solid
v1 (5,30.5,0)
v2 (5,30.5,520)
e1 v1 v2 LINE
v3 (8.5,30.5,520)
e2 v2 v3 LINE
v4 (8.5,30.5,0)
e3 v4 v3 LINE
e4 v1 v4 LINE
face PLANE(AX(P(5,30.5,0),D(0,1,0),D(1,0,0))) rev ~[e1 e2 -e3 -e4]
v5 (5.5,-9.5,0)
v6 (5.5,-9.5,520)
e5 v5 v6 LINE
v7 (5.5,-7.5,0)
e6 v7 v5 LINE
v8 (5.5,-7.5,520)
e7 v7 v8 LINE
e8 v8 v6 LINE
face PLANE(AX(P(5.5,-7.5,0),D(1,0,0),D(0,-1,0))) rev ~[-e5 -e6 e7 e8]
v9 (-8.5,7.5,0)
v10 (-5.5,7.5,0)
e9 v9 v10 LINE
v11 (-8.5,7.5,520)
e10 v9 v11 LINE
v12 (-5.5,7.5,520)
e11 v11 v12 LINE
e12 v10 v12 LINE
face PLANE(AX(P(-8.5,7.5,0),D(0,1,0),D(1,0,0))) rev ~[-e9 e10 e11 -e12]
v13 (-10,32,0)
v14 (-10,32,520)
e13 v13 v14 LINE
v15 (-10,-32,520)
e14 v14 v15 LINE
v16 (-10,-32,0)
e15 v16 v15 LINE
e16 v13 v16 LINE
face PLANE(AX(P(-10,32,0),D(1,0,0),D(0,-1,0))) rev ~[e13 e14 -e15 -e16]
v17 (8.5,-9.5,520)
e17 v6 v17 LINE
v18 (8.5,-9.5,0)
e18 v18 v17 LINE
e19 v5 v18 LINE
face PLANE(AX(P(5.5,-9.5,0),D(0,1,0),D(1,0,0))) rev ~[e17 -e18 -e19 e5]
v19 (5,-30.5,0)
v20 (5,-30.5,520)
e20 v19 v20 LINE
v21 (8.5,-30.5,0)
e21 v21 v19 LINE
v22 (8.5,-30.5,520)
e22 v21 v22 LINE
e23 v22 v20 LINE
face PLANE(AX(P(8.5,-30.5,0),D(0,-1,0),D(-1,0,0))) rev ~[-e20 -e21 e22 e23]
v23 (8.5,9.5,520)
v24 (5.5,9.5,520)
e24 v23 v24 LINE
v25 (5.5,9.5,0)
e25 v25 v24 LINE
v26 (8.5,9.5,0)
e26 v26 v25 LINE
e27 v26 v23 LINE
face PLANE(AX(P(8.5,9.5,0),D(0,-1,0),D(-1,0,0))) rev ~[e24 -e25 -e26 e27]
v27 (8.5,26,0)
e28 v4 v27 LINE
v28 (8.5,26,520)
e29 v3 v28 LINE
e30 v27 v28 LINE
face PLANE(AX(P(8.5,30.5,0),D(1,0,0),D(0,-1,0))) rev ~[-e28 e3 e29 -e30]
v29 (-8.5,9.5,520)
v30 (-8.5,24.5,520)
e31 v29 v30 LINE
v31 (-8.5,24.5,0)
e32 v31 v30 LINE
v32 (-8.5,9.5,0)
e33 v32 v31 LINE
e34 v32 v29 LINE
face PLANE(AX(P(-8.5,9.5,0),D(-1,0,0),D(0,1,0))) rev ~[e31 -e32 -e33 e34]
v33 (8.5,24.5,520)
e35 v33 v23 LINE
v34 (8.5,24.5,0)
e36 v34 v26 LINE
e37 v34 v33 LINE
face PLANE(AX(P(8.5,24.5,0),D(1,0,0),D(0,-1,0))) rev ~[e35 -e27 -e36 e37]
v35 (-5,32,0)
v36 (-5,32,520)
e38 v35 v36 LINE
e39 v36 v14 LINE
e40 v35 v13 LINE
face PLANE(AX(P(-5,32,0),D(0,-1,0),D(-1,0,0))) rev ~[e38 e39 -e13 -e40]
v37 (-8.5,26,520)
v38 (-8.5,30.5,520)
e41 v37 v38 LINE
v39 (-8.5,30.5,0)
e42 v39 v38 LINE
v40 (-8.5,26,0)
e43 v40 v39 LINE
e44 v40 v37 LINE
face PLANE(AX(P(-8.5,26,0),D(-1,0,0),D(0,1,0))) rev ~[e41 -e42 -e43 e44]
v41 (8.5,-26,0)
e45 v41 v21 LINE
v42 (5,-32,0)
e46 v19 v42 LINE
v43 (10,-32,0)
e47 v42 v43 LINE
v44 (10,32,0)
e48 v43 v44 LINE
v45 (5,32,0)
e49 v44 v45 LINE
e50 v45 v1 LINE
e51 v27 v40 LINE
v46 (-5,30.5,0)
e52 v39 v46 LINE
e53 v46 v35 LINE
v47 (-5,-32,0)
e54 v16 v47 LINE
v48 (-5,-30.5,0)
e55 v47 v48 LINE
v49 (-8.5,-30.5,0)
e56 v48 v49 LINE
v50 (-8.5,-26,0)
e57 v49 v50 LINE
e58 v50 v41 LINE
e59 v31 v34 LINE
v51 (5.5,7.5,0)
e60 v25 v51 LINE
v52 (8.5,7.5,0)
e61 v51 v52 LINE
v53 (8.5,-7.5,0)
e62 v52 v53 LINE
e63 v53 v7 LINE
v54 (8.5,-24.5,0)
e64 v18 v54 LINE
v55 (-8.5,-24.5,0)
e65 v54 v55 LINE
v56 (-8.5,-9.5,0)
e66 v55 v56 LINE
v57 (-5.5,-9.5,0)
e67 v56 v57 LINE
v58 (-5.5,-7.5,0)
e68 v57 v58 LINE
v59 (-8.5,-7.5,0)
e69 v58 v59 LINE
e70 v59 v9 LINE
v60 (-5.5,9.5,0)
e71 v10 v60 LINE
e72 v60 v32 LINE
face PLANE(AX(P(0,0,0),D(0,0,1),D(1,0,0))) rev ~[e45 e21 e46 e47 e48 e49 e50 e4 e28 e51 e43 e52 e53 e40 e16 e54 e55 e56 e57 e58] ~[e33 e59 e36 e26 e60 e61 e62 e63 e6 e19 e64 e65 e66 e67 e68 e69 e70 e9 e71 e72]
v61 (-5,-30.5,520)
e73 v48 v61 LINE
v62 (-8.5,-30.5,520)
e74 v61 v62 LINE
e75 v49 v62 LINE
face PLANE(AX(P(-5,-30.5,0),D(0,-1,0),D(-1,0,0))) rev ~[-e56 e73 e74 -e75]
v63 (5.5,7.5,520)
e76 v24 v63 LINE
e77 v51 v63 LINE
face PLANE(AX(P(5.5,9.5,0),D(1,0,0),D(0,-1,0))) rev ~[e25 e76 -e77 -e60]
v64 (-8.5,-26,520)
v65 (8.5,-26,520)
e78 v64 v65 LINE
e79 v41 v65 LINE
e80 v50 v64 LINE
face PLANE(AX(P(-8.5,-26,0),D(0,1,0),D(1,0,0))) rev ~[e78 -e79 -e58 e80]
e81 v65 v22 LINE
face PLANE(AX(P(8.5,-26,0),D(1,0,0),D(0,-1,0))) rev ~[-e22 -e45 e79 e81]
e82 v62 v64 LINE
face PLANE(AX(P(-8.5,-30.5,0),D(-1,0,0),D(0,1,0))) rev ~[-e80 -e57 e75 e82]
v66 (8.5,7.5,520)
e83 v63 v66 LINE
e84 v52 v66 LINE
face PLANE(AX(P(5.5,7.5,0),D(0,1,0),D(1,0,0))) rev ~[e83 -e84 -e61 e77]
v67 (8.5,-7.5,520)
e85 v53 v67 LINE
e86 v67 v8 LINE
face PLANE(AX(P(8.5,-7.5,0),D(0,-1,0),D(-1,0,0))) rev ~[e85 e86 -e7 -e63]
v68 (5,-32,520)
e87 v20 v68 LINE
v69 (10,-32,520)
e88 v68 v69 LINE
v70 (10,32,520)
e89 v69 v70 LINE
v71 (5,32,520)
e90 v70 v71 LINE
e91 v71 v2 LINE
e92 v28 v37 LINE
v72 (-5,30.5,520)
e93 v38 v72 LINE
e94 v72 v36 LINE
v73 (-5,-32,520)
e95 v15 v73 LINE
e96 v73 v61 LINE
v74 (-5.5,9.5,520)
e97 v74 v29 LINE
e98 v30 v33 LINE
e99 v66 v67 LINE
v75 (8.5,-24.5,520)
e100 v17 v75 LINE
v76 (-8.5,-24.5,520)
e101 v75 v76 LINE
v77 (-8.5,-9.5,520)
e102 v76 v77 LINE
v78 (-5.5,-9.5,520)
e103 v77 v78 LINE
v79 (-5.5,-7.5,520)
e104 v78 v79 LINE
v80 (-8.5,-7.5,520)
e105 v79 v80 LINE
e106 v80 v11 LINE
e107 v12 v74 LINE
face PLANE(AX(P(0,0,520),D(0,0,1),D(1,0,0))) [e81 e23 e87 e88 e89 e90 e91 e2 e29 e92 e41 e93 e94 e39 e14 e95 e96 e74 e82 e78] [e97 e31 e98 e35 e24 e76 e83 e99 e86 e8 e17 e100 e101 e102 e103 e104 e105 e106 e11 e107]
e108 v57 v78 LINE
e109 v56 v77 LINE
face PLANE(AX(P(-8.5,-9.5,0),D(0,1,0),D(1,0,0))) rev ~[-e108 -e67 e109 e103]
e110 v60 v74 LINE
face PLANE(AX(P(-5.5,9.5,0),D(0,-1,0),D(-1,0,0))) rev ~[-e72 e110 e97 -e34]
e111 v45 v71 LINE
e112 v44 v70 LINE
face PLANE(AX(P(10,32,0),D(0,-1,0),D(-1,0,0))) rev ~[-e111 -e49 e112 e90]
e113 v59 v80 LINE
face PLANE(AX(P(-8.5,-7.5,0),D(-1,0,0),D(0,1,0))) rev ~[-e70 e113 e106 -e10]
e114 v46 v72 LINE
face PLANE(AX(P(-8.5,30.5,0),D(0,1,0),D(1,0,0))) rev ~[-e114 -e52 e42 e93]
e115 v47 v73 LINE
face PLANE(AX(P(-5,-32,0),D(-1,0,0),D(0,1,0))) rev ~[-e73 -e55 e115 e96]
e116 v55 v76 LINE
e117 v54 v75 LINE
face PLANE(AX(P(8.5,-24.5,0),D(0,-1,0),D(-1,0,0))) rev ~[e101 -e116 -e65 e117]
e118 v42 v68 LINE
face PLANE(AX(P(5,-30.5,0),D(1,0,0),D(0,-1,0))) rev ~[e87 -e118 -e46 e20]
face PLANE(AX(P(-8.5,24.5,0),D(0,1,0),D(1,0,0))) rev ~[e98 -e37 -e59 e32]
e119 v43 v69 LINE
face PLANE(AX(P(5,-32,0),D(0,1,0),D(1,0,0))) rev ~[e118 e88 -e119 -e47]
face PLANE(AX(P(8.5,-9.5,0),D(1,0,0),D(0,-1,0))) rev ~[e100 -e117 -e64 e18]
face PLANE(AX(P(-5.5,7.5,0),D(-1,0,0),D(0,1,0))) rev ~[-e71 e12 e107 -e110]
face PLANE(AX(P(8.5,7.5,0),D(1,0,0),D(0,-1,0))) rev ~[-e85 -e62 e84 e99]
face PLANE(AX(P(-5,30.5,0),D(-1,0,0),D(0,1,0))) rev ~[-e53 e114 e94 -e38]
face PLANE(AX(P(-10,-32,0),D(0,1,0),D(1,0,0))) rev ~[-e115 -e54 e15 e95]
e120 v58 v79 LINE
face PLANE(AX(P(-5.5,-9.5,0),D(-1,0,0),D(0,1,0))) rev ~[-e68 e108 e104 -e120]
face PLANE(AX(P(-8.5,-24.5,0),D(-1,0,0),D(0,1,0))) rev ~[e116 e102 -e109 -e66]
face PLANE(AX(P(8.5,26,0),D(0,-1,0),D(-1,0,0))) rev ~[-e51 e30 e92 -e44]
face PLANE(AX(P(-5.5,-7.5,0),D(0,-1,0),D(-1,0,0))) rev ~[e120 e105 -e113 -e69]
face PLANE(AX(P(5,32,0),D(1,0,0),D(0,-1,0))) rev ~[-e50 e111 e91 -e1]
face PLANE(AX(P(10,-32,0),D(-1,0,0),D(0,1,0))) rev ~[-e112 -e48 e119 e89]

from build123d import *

# Parameters (mm, degrees)
F1_DEPTH = 520


with BuildPart() as f1:
    # F0 (on Top) → F1 (new body)
    with BuildSketch(Plane.XY):
        Polygon((-5, 30.5), (-5, 32), (-10, 32), (-10, -32), (-5, -32), (-5, -30.5), (-8.5, -30.5), (-8.5, -26), (8.5, -26), (8.5, -30.5), (5, -30.5), (5, -32), (10, -32), (10, 32), (5, 32), (5, 30.5), (8.5, 30.5), (8.5, 26), (-8.5, 26), (-8.5, 30.5), align=None)
        Polygon((-8.5, 9.5), (-8.5, 24.5), (8.5, 24.5), (8.5, 9.5), (5.5, 9.5), (5.5, 7.5), (8.5, 7.5), (8.5, -7.5), (5.5, -7.5), (5.5, -9.5), (8.5, -9.5), (8.5, -24.5), (-8.5, -24.5), (-8.5, -9.5), (-5.5, -9.5), (-5.5, -7.5), (-8.5, -7.5), (-8.5, 7.5), (-5.5, 7.5), (-5.5, 9.5), align=None, mode=Mode.SUBTRACT)
    extrude(amount=F1_DEPTH)


solid = f1.part
